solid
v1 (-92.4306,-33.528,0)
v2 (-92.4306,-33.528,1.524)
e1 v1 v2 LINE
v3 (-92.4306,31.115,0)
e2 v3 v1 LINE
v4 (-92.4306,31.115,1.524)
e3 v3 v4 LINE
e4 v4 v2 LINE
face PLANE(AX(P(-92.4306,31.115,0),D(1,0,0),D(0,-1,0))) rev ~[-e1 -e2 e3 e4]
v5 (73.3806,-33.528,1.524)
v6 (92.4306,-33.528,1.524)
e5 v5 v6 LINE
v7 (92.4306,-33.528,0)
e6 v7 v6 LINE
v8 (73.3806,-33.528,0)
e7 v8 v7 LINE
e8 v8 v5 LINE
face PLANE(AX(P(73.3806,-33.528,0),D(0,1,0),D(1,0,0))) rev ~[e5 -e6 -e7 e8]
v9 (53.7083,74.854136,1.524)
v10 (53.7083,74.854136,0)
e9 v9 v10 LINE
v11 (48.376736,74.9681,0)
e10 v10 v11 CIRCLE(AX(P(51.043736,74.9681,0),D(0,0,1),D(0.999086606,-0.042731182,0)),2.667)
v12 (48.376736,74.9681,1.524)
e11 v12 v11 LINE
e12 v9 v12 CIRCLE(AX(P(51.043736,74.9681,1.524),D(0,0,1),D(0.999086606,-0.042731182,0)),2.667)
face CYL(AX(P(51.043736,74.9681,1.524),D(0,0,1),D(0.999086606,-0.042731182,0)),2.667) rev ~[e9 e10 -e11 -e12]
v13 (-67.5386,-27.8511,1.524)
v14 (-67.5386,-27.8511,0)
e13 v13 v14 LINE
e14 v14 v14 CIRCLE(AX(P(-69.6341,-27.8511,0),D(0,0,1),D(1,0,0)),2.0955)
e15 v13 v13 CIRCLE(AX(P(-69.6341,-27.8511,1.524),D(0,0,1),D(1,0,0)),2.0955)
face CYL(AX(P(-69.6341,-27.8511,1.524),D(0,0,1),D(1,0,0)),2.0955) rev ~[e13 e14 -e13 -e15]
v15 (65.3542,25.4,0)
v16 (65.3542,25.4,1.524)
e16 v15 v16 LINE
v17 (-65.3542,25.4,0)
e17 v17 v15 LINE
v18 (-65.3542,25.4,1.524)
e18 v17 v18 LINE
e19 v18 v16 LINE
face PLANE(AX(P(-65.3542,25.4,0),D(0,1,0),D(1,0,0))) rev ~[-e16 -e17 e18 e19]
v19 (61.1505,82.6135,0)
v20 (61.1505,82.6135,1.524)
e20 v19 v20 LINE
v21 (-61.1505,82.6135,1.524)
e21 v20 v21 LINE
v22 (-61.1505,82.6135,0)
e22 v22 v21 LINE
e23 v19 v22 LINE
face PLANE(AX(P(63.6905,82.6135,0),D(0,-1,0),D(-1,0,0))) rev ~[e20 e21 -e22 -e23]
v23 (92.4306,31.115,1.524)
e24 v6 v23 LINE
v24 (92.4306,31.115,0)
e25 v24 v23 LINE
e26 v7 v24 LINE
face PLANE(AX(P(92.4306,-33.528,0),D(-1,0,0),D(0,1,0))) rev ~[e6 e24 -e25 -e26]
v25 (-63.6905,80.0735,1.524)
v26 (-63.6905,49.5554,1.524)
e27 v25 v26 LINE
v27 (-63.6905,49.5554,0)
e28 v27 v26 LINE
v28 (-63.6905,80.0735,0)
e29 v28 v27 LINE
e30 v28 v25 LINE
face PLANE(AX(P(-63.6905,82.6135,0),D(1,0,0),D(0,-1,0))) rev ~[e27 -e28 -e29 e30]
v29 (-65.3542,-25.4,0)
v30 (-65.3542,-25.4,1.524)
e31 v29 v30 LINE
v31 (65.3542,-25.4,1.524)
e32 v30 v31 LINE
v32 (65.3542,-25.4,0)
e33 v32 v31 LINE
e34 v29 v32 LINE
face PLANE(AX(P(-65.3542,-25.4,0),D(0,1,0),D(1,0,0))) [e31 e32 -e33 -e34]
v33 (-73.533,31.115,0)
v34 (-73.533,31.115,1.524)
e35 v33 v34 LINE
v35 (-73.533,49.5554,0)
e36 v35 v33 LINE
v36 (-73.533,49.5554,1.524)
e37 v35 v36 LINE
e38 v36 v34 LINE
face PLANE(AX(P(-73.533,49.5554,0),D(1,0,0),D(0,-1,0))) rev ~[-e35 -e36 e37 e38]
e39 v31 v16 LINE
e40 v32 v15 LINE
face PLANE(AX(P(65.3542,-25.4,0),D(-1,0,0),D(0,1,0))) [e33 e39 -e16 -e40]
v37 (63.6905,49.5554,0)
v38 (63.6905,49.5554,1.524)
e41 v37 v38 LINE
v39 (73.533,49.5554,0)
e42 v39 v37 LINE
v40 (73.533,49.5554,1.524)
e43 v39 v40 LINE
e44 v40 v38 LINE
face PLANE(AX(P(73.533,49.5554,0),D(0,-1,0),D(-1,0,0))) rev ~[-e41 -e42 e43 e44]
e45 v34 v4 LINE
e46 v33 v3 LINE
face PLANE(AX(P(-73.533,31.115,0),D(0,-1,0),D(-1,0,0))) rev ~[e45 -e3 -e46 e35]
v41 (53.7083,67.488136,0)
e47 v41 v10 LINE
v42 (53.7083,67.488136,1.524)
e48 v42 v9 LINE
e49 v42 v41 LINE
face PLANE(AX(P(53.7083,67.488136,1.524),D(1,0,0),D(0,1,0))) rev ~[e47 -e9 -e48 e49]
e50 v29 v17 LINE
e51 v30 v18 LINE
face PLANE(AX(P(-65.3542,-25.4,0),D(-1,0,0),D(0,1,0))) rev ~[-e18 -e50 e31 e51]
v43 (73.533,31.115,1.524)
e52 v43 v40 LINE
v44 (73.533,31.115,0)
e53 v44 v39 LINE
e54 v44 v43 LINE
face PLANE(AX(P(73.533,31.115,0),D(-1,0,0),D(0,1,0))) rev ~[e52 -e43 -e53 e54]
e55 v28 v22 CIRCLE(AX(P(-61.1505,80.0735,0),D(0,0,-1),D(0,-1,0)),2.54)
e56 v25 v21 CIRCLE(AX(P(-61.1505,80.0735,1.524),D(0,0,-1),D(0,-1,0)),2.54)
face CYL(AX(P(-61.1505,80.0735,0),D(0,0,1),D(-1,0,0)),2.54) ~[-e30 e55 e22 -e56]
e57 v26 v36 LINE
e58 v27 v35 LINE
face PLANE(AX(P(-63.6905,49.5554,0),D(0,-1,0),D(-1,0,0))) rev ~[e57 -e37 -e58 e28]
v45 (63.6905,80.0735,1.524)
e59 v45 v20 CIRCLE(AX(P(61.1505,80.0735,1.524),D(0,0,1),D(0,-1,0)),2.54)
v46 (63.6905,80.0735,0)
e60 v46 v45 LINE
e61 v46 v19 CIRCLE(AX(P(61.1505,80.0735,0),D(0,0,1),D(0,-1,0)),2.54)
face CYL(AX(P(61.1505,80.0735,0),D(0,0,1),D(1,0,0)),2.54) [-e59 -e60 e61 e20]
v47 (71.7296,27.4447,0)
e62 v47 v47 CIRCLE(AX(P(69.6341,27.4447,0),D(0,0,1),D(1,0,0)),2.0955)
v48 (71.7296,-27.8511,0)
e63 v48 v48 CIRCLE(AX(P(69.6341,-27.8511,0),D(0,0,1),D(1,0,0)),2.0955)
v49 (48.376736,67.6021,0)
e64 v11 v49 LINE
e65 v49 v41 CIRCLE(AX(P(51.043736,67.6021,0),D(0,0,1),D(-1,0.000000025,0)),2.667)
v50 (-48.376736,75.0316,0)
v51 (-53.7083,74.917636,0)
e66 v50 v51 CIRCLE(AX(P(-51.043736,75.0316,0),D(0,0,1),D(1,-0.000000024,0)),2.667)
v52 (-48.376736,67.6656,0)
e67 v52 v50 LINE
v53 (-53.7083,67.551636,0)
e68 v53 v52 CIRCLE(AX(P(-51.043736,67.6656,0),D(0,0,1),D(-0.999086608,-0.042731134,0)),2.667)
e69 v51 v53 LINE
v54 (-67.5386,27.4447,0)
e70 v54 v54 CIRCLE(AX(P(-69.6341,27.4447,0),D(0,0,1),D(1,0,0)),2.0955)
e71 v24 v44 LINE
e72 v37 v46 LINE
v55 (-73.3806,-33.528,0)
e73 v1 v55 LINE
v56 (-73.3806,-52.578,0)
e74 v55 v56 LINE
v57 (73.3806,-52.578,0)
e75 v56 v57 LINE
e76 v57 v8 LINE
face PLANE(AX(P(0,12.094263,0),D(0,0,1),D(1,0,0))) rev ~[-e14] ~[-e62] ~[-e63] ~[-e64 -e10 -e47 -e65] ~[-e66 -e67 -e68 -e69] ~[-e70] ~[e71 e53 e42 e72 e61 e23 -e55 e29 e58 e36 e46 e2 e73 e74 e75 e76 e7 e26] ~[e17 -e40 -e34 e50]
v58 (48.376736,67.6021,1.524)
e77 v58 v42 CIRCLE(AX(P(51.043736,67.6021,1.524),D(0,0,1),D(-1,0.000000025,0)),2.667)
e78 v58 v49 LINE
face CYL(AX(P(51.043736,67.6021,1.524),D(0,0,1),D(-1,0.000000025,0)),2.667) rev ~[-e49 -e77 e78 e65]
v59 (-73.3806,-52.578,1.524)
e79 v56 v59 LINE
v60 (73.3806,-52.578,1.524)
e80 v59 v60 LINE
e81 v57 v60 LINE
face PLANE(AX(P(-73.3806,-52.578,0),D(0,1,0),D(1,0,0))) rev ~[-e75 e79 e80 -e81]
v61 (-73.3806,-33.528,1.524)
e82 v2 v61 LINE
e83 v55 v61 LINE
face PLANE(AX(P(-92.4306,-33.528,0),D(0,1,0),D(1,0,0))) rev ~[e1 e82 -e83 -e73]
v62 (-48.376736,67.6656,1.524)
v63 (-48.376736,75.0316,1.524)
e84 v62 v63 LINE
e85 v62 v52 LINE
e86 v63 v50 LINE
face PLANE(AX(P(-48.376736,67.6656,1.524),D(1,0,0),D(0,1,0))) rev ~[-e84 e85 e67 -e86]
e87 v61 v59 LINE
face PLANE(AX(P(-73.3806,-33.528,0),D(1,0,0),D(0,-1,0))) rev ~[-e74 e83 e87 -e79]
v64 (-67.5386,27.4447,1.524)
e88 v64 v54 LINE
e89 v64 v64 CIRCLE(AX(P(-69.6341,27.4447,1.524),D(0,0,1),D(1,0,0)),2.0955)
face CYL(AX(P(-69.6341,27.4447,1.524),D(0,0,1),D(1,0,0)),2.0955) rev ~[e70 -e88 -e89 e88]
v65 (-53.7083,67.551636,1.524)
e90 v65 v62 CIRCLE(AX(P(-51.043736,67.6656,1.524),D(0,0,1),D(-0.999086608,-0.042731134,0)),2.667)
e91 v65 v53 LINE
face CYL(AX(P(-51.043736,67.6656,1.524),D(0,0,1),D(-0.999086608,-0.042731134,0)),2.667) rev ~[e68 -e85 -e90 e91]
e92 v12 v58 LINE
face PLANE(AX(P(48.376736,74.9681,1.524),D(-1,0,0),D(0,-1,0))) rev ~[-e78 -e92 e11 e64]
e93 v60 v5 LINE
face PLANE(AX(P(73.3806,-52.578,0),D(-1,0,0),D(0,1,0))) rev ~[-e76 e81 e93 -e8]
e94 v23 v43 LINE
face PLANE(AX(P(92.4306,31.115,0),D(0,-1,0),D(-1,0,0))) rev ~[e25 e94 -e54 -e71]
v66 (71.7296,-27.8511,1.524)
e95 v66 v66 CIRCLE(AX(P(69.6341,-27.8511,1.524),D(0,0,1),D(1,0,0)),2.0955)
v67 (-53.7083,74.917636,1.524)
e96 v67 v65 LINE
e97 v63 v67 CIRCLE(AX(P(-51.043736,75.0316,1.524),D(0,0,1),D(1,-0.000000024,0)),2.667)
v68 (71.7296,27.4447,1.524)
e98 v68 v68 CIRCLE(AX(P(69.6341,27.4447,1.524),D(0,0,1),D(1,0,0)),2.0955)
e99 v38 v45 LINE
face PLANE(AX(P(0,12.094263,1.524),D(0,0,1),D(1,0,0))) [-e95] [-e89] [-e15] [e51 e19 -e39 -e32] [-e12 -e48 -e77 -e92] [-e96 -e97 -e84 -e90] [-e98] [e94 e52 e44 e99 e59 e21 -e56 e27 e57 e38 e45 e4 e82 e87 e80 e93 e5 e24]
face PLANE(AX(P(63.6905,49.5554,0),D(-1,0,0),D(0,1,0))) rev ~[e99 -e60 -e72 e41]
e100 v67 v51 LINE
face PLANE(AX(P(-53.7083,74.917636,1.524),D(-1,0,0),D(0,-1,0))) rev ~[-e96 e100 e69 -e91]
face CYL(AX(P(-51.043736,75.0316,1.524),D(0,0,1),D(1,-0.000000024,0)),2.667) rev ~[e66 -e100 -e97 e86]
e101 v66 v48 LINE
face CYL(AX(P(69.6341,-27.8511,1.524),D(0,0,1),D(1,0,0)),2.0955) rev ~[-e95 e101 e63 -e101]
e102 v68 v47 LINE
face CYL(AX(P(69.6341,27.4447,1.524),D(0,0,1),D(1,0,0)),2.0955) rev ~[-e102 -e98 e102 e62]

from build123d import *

# Parameters (mm, degrees)
F0_W     = 130.7084
F0_H     = 50.8
F1_DEPTH = 1.524
F2_R     = 2.0955
F3_DEPTH = 25.4
F4_R     = 2.54
F6_DEPTH = 25.4


with BuildPart() as f1:
    # F0 (on Top) → F1 (new body)
    with BuildSketch(Plane.XY):
        Polygon((-73.3806, -52.578), (73.3806, -52.578), (73.3806, -33.528), (92.4306, -33.528), (92.4306, 31.115), (73.533, 31.115), (73.533, 49.5554), (63.6905, 49.5554), (63.6905, 82.6135), (-63.6905, 82.6135), (-63.6905, 49.5554), (-73.533, 49.5554), (-73.533, 31.115), (-92.4306, 31.115), (-92.4306, -33.528), (-73.3806, -33.528), align=None)
        Rectangle(F0_W, F0_H, mode=Mode.SUBTRACT)
    extrude(amount=F1_DEPTH)

    # F2 (on face) → F3 (cut)
    with BuildSketch(Plane.XY.offset(1.524)):
        with Locations((69.6341, -27.8511)):
            Circle(F2_R)
        with Locations((69.6341, 27.4447)):
            Circle(F2_R)
        with Locations((-69.6341, 27.4447)):
            Circle(F2_R)
        with Locations((-69.6341, -27.8511)):
            Circle(F2_R)
    extrude(amount=-F3_DEPTH, mode=Mode.SUBTRACT)

    # F4
    f4_edges = [f1.edges().sort_by_distance(p)[0] for p in [
        (63.6905, 82.6135, 0.762),
        (-63.6905, 82.6135, 0.762),
    ]]
    fillet(f4_edges, radius=F4_R)

    # F5 (on face) → F6 (cut)
    with BuildSketch(Plane.XY.offset(1.524)):
        with BuildLine():
            Line((53.7083, 67.488136), (53.7083, 74.854136))
            ThreePointArc((53.7083, 74.854136), (51.100731, 77.634491), (48.376736, 74.9681))
            Line((48.376736, 74.9681), (48.376736, 67.6021))
            ThreePointArc((48.376736, 67.6021), (50.986741, 64.935709), (53.7083, 67.488136))
        make_face()
        with BuildLine():
            ThreePointArc((-53.7083, 67.551636), (-50.986741, 64.999209), (-48.376736, 67.6656))
            Line((-48.376736, 67.6656), (-48.376736, 75.0316))
            ThreePointArc((-48.376736, 75.0316), (-51.100731, 77.697991), (-53.7083, 74.917636))
            Line((-53.7083, 74.917636), (-53.7083, 67.551636))
        make_face()
    extrude(amount=-F6_DEPTH, mode=Mode.SUBTRACT)


solid = f1.part
